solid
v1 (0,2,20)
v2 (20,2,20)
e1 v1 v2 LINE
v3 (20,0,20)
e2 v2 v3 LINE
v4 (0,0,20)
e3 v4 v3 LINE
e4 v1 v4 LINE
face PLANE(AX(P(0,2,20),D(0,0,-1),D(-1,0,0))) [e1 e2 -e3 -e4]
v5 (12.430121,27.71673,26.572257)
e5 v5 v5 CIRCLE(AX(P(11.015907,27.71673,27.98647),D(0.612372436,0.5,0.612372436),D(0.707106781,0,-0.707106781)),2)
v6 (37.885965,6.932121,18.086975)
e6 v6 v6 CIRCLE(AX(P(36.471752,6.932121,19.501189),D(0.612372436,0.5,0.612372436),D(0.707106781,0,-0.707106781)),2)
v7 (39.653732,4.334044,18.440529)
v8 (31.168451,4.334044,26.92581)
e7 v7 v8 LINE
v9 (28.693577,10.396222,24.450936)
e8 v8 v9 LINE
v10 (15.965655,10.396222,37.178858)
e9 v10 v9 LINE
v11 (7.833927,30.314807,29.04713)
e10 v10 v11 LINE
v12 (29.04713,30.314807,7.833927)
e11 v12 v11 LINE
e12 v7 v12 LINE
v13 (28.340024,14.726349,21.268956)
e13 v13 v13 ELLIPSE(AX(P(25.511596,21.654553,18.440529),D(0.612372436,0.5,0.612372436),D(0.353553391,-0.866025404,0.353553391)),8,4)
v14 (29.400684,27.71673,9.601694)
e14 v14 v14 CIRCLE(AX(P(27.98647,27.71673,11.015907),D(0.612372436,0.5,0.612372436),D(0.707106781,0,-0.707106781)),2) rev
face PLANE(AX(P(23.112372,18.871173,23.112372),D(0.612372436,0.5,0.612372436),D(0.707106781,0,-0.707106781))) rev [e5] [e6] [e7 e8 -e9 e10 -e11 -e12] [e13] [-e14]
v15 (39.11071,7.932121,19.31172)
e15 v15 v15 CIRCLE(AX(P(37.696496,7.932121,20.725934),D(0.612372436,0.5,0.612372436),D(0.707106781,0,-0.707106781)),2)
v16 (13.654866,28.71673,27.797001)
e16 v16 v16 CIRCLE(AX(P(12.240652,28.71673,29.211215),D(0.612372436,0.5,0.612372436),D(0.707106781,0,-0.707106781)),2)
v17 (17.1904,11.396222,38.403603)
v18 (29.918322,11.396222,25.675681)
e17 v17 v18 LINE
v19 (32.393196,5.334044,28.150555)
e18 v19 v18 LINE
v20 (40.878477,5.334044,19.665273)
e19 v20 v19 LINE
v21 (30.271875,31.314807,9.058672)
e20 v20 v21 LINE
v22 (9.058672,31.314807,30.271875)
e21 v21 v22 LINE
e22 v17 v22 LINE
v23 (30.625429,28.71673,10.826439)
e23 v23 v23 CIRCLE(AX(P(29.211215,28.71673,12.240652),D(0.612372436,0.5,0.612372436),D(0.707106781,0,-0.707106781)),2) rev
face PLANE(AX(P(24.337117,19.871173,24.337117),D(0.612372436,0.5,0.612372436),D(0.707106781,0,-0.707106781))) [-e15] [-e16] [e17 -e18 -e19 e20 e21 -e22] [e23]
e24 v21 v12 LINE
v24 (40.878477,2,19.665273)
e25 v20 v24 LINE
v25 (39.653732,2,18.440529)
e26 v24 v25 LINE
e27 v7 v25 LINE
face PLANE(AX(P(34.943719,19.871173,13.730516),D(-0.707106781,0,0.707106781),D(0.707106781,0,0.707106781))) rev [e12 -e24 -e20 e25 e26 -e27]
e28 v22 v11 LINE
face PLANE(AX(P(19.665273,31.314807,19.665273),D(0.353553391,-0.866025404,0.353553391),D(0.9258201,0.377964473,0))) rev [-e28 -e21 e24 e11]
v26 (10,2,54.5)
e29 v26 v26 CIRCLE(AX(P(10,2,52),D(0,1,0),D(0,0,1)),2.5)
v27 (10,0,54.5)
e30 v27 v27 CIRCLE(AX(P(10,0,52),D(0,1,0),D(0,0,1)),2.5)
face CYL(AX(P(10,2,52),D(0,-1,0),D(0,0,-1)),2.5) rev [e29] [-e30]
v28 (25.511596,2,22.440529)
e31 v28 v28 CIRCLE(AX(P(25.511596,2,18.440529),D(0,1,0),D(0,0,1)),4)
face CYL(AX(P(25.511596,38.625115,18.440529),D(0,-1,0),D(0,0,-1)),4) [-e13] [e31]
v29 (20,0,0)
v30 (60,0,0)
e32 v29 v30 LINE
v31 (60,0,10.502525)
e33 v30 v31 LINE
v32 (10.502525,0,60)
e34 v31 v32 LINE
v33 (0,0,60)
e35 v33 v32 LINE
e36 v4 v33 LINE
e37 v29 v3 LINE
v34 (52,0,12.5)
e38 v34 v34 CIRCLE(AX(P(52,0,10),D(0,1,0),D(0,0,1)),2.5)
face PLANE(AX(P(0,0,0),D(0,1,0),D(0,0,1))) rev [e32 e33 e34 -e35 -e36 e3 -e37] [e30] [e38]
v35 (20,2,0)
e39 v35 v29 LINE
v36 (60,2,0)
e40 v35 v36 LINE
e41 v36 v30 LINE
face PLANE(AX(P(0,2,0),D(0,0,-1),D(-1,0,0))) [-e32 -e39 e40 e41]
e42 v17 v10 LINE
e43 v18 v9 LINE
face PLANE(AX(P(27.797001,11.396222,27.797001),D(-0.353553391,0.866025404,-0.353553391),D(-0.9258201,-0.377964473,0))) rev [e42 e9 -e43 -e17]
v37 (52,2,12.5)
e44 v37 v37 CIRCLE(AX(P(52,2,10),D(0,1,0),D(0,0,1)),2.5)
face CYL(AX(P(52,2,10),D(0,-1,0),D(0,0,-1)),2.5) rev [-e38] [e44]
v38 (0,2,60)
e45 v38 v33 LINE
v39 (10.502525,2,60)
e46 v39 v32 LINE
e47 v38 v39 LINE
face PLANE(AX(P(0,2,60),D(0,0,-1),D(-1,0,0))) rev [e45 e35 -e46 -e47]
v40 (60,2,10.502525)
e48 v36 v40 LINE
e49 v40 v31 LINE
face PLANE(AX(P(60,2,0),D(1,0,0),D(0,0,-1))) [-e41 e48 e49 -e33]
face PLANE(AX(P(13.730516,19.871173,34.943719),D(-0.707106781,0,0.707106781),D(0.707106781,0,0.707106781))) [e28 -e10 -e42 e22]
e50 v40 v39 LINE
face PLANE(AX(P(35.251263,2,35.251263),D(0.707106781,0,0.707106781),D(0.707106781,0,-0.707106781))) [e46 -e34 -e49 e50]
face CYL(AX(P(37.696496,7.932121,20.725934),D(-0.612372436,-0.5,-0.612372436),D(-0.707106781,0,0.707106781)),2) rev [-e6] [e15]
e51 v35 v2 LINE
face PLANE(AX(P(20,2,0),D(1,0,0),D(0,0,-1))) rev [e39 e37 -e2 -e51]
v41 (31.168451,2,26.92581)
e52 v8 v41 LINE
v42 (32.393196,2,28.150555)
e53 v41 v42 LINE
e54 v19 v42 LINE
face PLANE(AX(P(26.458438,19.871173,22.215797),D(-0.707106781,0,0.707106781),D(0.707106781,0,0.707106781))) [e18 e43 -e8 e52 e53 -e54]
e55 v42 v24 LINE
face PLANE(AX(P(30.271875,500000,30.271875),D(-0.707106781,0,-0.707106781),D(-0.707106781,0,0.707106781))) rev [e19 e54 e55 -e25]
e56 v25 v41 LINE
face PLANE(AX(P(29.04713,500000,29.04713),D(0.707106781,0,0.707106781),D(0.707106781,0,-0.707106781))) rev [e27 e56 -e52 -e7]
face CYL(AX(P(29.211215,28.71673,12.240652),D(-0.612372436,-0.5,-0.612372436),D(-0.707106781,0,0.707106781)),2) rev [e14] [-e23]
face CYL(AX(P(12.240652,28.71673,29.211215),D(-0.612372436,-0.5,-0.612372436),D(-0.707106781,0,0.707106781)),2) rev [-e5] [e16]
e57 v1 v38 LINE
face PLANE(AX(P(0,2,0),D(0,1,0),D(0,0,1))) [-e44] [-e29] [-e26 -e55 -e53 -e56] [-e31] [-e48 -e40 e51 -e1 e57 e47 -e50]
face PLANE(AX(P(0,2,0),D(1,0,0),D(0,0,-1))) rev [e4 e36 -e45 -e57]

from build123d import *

# Parameters (mm, degrees)
SKETCH_1_R      = 2.5
EXTRUDE_1_DEPTH = 2
SKETCH_2_R      = 2
EXTRUDE_3_DEPTH = 2
EXTRUDE_4_REACH = 91.774
SKETCH_4_R      = 4
EXTRUDE_5_REACH = 91.774


with BuildPart() as part:
    # 草图1 → 凸台-拉伸1 (new body)
    with BuildSketch(Plane(origin=(0, 0, 0), x_dir=(1, 0, 0), z_dir=(0, 1, 0))):
        Polygon((10.502525317, -60), (60, -10.502525317), (60, 0), (20, 0), (20, -20), (0, -20), (0, -60), align=None)
        with Locations(Location((10, -52, 0), (0, 0, 270))):
            Circle(SKETCH_1_R, mode=Mode.SUBTRACT)
        with Locations(Location((52, -10, 0), (0, 0, 270))):
            Circle(SKETCH_1_R, mode=Mode.SUBTRACT)
    extrude(amount=EXTRUDE_1_DEPTH)



with BuildPart() as body_2:
    # 草图2 → 凸台-拉伸3 (new body)
    with BuildSketch(Plane(origin=(23.112372436, 18.871173071, 23.112372436), x_dir=(-0.7071067811865475, 0, 0.7071067811865477), z_dir=(0.6123724356957955, 0.4999999999999981, 0.6123724356957954))):
        Polygon((-3, 16.786030205), (-15, 16.786030205), (-15, -13.213969795), (15, -13.213969795), (15, 9.786030205), (-3, 9.786030205), align=None)
        with Locations(Location((-12, -10.213969795, 0), (0, 0, 180))):
            Circle(SKETCH_2_R, mode=Mode.SUBTRACT)
        with Locations(Location((12, -10.213969795, 0), (0, 0, 180))):
            Circle(SKETCH_2_R, mode=Mode.SUBTRACT)
        with Locations(Location((-12, 13.786030205, 0), (0, 0, 180))):
            Circle(SKETCH_2_R, mode=Mode.SUBTRACT)
    extrude(amount=EXTRUDE_3_DEPTH)


with BuildPart() as part_1:
    add(part.part)

    add(body_2.part)  # 凸台-拉伸4 merges body 2
    # 凸台-拉伸4: up to this plane
    extrude_4_end = Plane(origin=(23.112372436, 18.871173071, 23.112372436), z_dir=(0.6123724356957954, 0.4999999999999981, 0.6123724356957952))
    # 草图4 → 凸台-拉伸4 (add, up to the surface)
    with BuildSketch(Plane(origin=(0, 2, 0), x_dir=(1, 0, 0), z_dir=(0, 1, 0)), mode=Mode.PRIVATE) as extrude_4_sk1:
        with Locations(Location((25.511596423, -18.440528611, 0), (0, 0, 315))):
            Circle(SKETCH_4_R)
    extrude_4_tool1 = split(extrude(extrude_4_sk1.sketch, amount=EXTRUDE_4_REACH, mode=Mode.PRIVATE), bisect_by=extrude_4_end, keep=Keep.BOTH, mode=Mode.PRIVATE)
    add(extrude_4_tool1.solids().sort_by_distance((25.511596, 2, 18.440529))[0])

    # 草图5 → 凸台-拉伸5 (add, up to next)
    with BuildSketch(Plane(origin=(0, 2, 0), x_dir=(1, 0, 0), z_dir=(0, 1, 0)), mode=Mode.PRIVATE) as extrude_5_sk1:
        Polygon((39.653732047, -18.440528611), (31.168450673, -26.925809986), (32.393195544, -28.150554857), (40.878476918, -19.665273483), align=None)
    extrude_5_tool1 = extrude(extrude_5_sk1.sketch, amount=EXTRUDE_5_REACH, mode=Mode.PRIVATE) - part_1.part
    add(extrude_5_tool1.solids().sort_by_distance((36.023464, 2, 23.295542))[0])


solid = part_1.part
